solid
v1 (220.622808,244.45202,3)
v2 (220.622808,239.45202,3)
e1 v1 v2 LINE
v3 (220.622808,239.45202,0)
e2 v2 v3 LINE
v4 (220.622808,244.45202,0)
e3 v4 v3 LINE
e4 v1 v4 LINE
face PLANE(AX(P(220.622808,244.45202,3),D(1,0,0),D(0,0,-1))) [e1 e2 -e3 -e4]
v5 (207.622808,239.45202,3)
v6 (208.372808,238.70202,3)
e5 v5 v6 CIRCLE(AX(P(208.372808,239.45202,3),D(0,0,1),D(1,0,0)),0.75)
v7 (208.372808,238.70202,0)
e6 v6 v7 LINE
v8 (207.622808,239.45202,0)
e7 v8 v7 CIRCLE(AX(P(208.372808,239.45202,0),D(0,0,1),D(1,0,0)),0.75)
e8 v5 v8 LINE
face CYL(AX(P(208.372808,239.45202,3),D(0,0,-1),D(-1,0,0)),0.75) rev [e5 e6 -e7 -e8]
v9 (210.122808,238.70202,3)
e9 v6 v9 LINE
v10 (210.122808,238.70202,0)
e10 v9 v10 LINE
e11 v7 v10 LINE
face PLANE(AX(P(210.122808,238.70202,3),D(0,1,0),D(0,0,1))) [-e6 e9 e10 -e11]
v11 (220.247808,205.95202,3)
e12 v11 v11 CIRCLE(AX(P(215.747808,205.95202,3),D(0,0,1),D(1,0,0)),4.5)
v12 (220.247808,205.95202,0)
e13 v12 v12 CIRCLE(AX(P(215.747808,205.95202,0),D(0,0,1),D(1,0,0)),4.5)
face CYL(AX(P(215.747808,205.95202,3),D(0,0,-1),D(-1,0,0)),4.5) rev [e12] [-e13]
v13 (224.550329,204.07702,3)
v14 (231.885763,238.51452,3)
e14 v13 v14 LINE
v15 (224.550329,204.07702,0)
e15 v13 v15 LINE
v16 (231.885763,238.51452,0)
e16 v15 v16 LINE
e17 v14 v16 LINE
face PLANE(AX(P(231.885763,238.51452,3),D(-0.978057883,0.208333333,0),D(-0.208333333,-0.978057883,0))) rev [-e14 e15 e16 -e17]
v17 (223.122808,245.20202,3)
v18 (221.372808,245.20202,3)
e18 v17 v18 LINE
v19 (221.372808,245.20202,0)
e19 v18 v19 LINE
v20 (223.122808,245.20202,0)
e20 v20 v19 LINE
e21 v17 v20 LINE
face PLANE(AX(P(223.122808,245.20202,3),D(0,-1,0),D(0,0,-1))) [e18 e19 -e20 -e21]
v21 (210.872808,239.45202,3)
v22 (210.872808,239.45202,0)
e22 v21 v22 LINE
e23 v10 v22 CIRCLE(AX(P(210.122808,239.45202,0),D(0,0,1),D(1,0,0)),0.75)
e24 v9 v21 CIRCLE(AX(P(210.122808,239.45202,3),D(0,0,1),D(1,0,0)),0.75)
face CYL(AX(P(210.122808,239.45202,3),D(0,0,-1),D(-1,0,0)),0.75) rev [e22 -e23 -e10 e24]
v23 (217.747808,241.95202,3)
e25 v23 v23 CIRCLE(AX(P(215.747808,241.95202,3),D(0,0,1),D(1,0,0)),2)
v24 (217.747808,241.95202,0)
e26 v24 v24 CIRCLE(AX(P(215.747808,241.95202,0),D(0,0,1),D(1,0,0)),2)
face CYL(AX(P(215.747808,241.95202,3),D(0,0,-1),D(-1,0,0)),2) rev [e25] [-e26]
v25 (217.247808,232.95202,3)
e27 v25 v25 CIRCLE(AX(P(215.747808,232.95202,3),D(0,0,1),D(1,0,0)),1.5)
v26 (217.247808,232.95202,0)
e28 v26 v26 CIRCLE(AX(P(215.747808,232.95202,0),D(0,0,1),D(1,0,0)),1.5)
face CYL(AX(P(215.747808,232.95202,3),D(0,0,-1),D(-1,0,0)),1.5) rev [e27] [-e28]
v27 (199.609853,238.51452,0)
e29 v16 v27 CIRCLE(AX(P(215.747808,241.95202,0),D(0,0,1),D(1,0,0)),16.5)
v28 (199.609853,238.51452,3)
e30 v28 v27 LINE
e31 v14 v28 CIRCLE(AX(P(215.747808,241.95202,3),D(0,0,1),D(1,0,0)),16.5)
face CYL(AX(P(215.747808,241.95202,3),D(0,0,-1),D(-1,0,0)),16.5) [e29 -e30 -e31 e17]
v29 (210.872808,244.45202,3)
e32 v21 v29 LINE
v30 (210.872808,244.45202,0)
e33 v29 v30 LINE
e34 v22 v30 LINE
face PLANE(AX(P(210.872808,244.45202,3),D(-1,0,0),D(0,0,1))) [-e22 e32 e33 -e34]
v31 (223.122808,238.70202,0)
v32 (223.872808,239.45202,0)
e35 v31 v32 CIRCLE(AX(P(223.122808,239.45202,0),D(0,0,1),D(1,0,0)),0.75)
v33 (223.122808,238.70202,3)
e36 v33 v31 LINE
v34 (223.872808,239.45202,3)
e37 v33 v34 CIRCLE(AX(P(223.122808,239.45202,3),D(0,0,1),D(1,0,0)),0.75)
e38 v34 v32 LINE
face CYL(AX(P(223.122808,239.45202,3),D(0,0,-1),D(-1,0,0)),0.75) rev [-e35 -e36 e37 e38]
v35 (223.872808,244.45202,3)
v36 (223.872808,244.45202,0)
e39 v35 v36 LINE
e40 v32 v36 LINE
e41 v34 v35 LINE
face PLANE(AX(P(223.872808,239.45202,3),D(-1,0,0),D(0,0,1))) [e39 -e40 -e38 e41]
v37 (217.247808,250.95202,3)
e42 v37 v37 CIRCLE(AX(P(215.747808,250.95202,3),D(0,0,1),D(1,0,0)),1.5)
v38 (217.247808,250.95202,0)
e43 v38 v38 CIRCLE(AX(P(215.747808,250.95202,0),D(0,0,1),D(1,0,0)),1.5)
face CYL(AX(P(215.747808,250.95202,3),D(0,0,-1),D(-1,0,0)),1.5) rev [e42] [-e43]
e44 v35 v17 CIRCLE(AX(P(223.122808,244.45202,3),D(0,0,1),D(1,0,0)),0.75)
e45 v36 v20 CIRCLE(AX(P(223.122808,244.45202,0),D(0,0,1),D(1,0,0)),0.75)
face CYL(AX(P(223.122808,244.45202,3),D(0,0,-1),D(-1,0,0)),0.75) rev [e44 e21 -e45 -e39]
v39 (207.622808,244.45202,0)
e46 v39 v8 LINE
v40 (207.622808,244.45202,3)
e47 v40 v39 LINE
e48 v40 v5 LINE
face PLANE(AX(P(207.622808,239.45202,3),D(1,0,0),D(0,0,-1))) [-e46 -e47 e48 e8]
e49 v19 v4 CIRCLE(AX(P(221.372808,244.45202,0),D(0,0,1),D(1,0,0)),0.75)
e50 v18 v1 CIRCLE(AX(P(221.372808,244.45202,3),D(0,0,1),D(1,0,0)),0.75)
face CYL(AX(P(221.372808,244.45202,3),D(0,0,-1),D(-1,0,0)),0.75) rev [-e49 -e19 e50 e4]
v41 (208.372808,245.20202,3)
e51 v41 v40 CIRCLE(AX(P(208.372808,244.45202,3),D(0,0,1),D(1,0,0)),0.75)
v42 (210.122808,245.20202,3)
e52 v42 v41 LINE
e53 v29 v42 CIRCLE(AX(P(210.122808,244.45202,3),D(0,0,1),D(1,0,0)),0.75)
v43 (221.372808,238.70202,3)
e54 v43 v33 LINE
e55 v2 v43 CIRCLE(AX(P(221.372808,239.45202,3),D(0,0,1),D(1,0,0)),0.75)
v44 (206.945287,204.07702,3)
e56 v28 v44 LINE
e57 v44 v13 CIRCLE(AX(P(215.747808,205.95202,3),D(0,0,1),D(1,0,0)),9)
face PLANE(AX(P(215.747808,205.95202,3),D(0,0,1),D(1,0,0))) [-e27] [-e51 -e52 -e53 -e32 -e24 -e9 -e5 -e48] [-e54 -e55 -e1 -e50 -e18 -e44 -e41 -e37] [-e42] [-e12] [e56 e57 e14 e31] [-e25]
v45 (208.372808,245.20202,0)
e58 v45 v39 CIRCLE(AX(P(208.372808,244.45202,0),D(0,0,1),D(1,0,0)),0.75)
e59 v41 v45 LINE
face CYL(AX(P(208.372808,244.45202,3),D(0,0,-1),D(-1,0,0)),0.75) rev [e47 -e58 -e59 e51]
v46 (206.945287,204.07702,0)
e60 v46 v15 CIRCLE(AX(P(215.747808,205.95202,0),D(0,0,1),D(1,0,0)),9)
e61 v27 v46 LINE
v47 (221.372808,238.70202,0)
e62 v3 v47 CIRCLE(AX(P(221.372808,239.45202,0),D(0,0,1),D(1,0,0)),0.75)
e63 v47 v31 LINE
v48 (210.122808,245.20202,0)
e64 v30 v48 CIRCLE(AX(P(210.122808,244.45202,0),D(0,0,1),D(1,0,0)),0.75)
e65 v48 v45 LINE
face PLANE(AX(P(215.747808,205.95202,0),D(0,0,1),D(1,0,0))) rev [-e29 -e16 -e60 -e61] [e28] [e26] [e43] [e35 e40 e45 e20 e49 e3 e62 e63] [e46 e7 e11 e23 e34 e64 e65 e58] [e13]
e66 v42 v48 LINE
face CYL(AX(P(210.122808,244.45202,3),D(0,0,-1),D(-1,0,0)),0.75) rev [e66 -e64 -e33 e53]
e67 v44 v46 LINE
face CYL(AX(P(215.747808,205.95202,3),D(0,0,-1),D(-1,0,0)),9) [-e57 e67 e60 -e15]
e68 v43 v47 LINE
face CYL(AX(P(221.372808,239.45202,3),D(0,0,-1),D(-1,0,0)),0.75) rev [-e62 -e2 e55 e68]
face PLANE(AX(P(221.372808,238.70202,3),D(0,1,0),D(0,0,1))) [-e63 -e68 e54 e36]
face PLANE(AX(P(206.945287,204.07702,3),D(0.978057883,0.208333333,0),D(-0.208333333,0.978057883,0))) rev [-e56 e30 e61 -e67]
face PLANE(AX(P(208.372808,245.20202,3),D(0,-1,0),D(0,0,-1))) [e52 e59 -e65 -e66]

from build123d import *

# Parameters (mm, degrees)
MODEL_R                 = 2
MODEL_R_2               = 1.5
MODEL_R_3               = 4.5
SALIENTE_EXTRUIR1_DEPTH = 3


with BuildPart() as part:
    # Model → Saliente-Extruir1 (new body)
    with BuildSketch(Plane.XY):
        with BuildLine():
            Line((206.945286968, 204.077019993), (199.609852846, 238.514519993))
            ThreePointArc((199.609852846, 238.514519993), (215.747807914, 258.452019993), (231.885762981, 238.514519993))
            Line((231.885762981, 238.514519993), (224.550328859, 204.077019993))
            ThreePointArc((224.550328859, 204.077019993), (215.747807914, 196.952019993), (206.945286968, 204.077019993))
        make_face()
        with Locations((215.747807914, 241.952019993)):
            Circle(MODEL_R, mode=Mode.SUBTRACT)
        with Locations((215.747807914, 232.952019993)):
            Circle(MODEL_R_2, mode=Mode.SUBTRACT)
        with Locations((215.747807914, 250.952019993)):
            Circle(MODEL_R_2, mode=Mode.SUBTRACT)
        with Locations((215.747807914, 205.952019993)):
            Circle(MODEL_R_3, mode=Mode.SUBTRACT)
        with BuildLine():
            Line((223.122807913, 245.202019993), (221.372807913, 245.202019993))
            ThreePointArc((221.372807913, 245.202019993), (220.842477828, 244.982350079), (220.622807913, 244.452019993))
            Line((220.622807913, 244.452019993), (220.622807913, 239.452019993))
            ThreePointArc((220.622807913, 239.452019993), (220.842477828, 238.921689907), (221.372807913, 238.702019993))
            Line((221.372807913, 238.702019993), (223.122807913, 238.702019993))
            ThreePointArc((223.122807913, 238.702019993), (223.653137999, 238.921689907), (223.872807913, 239.452019993))
            Line((223.872807913, 239.452019993), (223.872807913, 244.452019993))
            ThreePointArc((223.872807913, 244.452019993), (223.653137999, 244.982350079), (223.122807913, 245.202019993))
        make_face(mode=Mode.SUBTRACT)
        with BuildLine():
            Line((208.372807913, 245.202019993), (210.122807913, 245.202019993))
            ThreePointArc((210.122807913, 245.202019993), (210.653137999, 244.982350079), (210.872807913, 244.452019993))
            Line((210.872807913, 244.452019993), (210.872807913, 239.452019993))
            ThreePointArc((210.872807913, 239.452019993), (210.653137999, 238.921689907), (210.122807913, 238.702019993))
            Line((210.122807913, 238.702019993), (208.372807913, 238.702019993))
            ThreePointArc((208.372807913, 238.702019993), (207.842477828, 238.921689907), (207.622807913, 239.452019993))
            Line((207.622807913, 239.452019993), (207.622807913, 244.452019993))
            ThreePointArc((207.622807913, 244.452019993), (207.842477828, 244.982350079), (208.372807913, 245.202019993))
        make_face(mode=Mode.SUBTRACT)
    extrude(amount=SALIENTE_EXTRUIR1_DEPTH)


solid = part.part
